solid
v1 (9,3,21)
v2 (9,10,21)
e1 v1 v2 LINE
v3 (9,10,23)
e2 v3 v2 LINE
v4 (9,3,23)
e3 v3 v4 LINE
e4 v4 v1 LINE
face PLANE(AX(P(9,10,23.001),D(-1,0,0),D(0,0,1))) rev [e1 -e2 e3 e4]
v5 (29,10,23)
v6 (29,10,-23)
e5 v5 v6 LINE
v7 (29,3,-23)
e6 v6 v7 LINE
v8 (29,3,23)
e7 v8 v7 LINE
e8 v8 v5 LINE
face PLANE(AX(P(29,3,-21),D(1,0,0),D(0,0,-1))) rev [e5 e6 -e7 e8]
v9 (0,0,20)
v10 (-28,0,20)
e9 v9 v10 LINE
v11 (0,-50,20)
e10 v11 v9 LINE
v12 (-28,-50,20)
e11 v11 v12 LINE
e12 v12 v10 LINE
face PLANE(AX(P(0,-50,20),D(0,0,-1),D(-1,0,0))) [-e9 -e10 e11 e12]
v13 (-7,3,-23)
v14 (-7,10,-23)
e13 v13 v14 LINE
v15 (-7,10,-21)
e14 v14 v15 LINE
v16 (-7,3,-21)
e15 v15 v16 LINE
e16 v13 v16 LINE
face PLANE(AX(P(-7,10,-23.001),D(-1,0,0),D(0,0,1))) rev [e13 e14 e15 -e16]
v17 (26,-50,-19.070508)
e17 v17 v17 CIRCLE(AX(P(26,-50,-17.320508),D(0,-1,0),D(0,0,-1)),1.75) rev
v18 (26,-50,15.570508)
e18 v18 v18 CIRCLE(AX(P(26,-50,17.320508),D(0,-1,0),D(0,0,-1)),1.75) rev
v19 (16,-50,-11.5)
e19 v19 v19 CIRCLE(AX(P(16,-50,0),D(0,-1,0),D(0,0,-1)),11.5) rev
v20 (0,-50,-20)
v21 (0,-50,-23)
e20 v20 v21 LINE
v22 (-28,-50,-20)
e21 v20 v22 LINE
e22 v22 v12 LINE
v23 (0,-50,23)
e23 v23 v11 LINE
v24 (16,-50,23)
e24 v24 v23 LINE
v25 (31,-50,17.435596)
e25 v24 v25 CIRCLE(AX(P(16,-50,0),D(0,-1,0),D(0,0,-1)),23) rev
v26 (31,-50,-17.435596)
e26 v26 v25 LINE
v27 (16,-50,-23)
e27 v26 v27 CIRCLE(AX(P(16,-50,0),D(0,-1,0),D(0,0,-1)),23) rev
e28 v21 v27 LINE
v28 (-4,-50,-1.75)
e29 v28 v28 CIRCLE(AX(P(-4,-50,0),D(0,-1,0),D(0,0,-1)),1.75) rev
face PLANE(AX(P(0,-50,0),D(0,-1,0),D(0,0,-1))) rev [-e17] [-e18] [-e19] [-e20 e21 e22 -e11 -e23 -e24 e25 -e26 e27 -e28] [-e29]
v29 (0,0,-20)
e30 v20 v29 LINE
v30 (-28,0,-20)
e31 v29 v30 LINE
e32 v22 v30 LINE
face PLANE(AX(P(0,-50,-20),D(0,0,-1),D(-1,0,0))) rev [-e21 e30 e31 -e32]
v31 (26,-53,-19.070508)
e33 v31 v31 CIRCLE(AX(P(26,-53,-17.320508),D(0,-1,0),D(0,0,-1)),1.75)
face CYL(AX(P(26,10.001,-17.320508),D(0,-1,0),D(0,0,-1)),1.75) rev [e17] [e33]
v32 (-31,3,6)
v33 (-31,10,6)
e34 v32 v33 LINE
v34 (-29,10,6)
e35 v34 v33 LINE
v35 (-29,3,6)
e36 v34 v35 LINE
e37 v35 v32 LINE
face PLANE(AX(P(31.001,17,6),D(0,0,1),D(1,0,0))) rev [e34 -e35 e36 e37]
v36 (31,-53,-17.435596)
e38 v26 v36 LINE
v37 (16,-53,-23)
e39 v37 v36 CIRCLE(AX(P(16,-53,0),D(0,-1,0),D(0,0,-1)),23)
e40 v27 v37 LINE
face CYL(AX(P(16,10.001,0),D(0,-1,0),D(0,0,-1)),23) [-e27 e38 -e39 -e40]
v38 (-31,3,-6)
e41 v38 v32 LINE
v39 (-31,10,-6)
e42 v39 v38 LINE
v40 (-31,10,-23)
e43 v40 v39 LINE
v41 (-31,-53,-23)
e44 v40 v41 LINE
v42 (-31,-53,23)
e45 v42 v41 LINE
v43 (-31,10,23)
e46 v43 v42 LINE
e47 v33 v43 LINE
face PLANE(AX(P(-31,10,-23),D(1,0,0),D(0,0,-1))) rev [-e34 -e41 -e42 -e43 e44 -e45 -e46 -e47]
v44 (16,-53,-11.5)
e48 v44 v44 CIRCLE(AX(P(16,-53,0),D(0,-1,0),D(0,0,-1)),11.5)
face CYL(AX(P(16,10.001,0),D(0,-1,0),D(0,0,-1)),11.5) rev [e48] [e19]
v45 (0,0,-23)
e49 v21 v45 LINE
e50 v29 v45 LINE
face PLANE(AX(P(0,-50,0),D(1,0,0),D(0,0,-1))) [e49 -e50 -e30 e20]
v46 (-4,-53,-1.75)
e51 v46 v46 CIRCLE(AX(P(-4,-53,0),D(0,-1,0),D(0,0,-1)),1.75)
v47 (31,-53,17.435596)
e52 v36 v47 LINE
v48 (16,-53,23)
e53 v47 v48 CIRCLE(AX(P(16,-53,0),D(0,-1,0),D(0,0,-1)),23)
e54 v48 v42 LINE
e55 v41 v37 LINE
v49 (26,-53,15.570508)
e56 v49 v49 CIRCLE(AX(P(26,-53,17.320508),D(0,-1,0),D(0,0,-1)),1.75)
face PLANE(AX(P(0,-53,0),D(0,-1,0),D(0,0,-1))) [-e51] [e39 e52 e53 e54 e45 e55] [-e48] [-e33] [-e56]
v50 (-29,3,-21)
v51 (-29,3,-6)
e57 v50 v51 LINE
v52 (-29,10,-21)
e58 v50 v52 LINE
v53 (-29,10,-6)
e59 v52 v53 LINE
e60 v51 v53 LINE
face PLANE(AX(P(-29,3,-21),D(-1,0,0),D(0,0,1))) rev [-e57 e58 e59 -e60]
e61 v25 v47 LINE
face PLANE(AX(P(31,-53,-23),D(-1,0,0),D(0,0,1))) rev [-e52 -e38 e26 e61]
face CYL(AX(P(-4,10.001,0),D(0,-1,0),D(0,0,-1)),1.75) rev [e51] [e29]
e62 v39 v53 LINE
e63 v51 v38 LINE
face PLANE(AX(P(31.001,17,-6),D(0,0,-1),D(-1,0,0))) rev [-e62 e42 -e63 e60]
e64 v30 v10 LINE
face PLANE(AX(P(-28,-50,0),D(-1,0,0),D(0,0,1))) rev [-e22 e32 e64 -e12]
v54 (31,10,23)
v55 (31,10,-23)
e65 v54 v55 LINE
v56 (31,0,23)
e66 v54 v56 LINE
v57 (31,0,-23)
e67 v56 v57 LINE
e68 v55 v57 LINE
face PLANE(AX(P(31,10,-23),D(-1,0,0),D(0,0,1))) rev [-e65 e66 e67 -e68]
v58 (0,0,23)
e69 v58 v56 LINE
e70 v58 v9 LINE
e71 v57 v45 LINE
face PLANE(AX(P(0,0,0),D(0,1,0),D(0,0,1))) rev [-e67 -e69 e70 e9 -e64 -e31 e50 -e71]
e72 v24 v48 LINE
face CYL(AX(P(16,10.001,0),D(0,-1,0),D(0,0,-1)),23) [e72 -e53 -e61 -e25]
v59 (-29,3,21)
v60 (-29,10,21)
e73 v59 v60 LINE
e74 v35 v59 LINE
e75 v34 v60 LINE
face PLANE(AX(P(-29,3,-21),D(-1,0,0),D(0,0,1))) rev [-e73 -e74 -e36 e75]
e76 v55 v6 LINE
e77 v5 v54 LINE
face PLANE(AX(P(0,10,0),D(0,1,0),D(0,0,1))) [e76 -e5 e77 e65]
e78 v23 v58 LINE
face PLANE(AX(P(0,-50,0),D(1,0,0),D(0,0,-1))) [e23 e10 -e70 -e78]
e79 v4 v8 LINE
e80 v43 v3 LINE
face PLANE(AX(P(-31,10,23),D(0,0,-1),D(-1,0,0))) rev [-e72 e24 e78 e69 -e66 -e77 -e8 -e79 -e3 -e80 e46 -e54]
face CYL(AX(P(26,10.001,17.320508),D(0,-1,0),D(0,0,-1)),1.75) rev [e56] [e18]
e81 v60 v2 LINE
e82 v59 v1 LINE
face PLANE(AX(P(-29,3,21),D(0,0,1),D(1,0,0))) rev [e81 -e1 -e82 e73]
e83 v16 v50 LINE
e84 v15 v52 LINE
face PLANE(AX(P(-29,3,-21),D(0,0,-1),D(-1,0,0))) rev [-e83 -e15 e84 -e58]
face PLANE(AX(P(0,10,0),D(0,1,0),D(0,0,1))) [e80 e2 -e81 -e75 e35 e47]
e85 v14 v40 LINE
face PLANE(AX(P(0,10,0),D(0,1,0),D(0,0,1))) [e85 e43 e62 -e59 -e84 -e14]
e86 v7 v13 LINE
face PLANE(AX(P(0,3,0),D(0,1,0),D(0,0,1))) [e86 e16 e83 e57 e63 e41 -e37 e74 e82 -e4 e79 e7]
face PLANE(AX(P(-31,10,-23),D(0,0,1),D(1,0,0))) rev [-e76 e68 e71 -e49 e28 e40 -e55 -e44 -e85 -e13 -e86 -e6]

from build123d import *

# Parameters (mm, degrees)
SKETCH_1_W          = 62
SKETCH_1_H          = 46
EXTRUDE_1_DEPTH     = 10
SKETCH_2_W          = 58
SKETCH_2_H          = 42
CUT_EXTRUDE_1_DEPTH = 7
CUT_EXTRUDE_2_REACH = 68.88
SKETCH_3_W          = 12
SKETCH_3_H          = 14
CUT_EXTRUDE_3_REACH = 56.745
SKETCH_5_W          = 36
SKETCH_5_H          = 7
CUT_EXTRUDE_4_REACH = 56.745
SKETCH_6_W          = 20
SKETCH_6_H          = 7
EXTRUDE_2_DEPTH     = 50
SKETCH_9_W          = 62
SKETCH_9_H          = 46
EXTRUDE_3_DEPTH     = 3
CUT_EXTRUDE_5_REACH = 75.885
SKETCH_10_R         = 1.75


with BuildPart() as part:
    # 草图1 → 凸台-拉伸1 (new body)
    with BuildSketch(Plane(origin=(0, 0, 0), x_dir=(1, 0, 0), z_dir=(0, 1, 0))):
        Rectangle(SKETCH_1_W, SKETCH_1_H)
    extrude(amount=EXTRUDE_1_DEPTH)

    # 草图2 → 切除-拉伸1 (cut)
    with BuildSketch(Plane(origin=(0, 10, 0), x_dir=(1, 0, 0), z_dir=(0, 1, 0))):
        Rectangle(SKETCH_2_W, SKETCH_2_H)
    extrude(amount=-CUT_EXTRUDE_1_DEPTH, mode=Mode.SUBTRACT)

    # 草图3 → 切除-拉伸2 (cut, up to next)
    with BuildSketch(Plane.ZY.offset(31), mode=Mode.PRIVATE) as cut_extrude_2_sk1:
        with Locations((0, 10)):
            Rectangle(SKETCH_3_W, SKETCH_3_H)
    cut_extrude_2_tool1 = extrude(cut_extrude_2_sk1.sketch, amount=-CUT_EXTRUDE_2_REACH, mode=Mode.PRIVATE) & part.part
    add(cut_extrude_2_tool1.solids().sort_by_distance((-31, 10, 0))[0], mode=Mode.SUBTRACT)

    # 草图5 → 切除-拉伸3 (cut, up to next)
    with BuildSketch(Plane.XY.offset(-21), mode=Mode.PRIVATE) as cut_extrude_3_sk1:
        with Locations((11, 6.5)):
            Rectangle(SKETCH_5_W, SKETCH_5_H)
    cut_extrude_3_tool1 = extrude(cut_extrude_3_sk1.sketch, amount=-CUT_EXTRUDE_3_REACH, mode=Mode.PRIVATE) & part.part
    add(cut_extrude_3_tool1.solids().sort_by_distance((11, 6.5, -21))[0], mode=Mode.SUBTRACT)

    # 草图6 → 切除-拉伸4 (cut, up to next)
    with BuildSketch(Plane(origin=(0, 0, 21), x_dir=(-1, 0, 0), z_dir=(0, 0, -1)), mode=Mode.PRIVATE) as cut_extrude_4_sk1:
        with Locations((-19, 6.5)):
            Rectangle(SKETCH_6_W, SKETCH_6_H)
    cut_extrude_4_tool1 = extrude(cut_extrude_4_sk1.sketch, amount=-CUT_EXTRUDE_4_REACH, mode=Mode.PRIVATE) & part.part
    add(cut_extrude_4_tool1.solids().sort_by_distance((19, 6.5, 21))[0], mode=Mode.SUBTRACT)

    # 草图8 → 凸台-拉伸2 (add)
    with BuildSketch(Plane.XZ):
        Polygon((0, -23), (0, -20), (-28, -20), (-28, 20), (0, 20), (0, 23), (-31, 23), (-31, -23), align=None)
    extrude(amount=EXTRUDE_2_DEPTH)

    # 草图9 → 凸台-拉伸3 (add)
    with BuildSketch(Plane.XZ.offset(50)):
        Rectangle(SKETCH_9_W, SKETCH_9_H)
    extrude(amount=EXTRUDE_3_DEPTH)

    # 草图10 → 切除-拉伸5 (cut, up to next)
    with BuildSketch(Plane.XZ.offset(53), mode=Mode.PRIVATE) as cut_extrude_5_sk1:
        with BuildLine():
            Line((31, 17.435595774), (31, 23))
            Line((31, 23), (16, 23))
            ThreePointArc((16, 23), (23.999415516, 21.564075482), (31, 17.435595774))
        make_face()
    cut_extrude_5_tool1 = extrude(cut_extrude_5_sk1.sketch, amount=-CUT_EXTRUDE_5_REACH, mode=Mode.PRIVATE) & part.part
    # 草图10 → 切除-拉伸5 (cut, up to next)
    with BuildSketch(Plane.XZ.offset(53), mode=Mode.PRIVATE) as cut_extrude_5_sk2:
        with BuildLine():
            ThreePointArc((31, -17.435595774), (23.999415516, -21.564075482), (16, -23))
            Line((16, -23), (31, -23))
            Line((31, -23), (31, -17.435595774))
        make_face()
    cut_extrude_5_tool2 = extrude(cut_extrude_5_sk2.sketch, amount=-CUT_EXTRUDE_5_REACH, mode=Mode.PRIVATE) & part.part
    # 草图10 → 切除-拉伸5 (cut, up to next)
    with BuildSketch(Plane.XZ.offset(53), mode=Mode.PRIVATE) as cut_extrude_5_sk3:
        with Locations(Location((26, -17.320508076, 0), (0, 0, 270))):
            Circle(SKETCH_10_R)
    cut_extrude_5_tool3 = extrude(cut_extrude_5_sk3.sketch, amount=-CUT_EXTRUDE_5_REACH, mode=Mode.PRIVATE) & part.part
    # 草图10 → 切除-拉伸5 (cut, up to next)
    with BuildSketch(Plane.XZ.offset(53), mode=Mode.PRIVATE) as cut_extrude_5_sk4:
        with Locations(Location((26, 17.320508076, 0), (0, 0, 270))):
            Circle(SKETCH_10_R)
    cut_extrude_5_tool4 = extrude(cut_extrude_5_sk4.sketch, amount=-CUT_EXTRUDE_5_REACH, mode=Mode.PRIVATE) & part.part
    # 草图10 → 切除-拉伸5 (cut, up to next)
    with BuildSketch(Plane.XZ.offset(53), mode=Mode.PRIVATE) as cut_extrude_5_sk5:
        with BuildLine():
            ThreePointArc((27.5, 0), (24.131727984, 8.131727984), (16, 11.5))
            Line((16, 11.5), (16, -11.5))
            ThreePointArc((16, -11.5), (24.131727984, -8.131727984), (27.5, 0))
        make_face()
    cut_extrude_5_tool5 = extrude(cut_extrude_5_sk5.sketch, amount=-CUT_EXTRUDE_5_REACH, mode=Mode.PRIVATE) & part.part
    # 草图10 → 切除-拉伸5 (cut, up to next)
    with BuildSketch(Plane.XZ.offset(53), mode=Mode.PRIVATE) as cut_extrude_5_sk6:
        with BuildLine():
            Line((16, -11.5), (16, 11.5))
            ThreePointArc((16, 11.5), (4.5, 0), (16, -11.5))
        make_face()
    cut_extrude_5_tool6 = extrude(cut_extrude_5_sk6.sketch, amount=-CUT_EXTRUDE_5_REACH, mode=Mode.PRIVATE) & part.part
    # 草图10 → 切除-拉伸5 (cut, up to next)
    with BuildSketch(Plane.XZ.offset(53), mode=Mode.PRIVATE) as cut_extrude_5_sk7:
        with BuildLine():
            ThreePointArc((27.5, 0), (24.131727984, 8.131727984), (16, 11.5))
            Line((16, 11.5), (16, -11.5))
            ThreePointArc((16, -11.5), (24.131727984, -8.131727984), (27.5, 0))
        make_face()
    cut_extrude_5_tool7 = extrude(cut_extrude_5_sk7.sketch, amount=-CUT_EXTRUDE_5_REACH, mode=Mode.PRIVATE) & part.part
    # 草图10 → 切除-拉伸5 (cut, up to next)
    with BuildSketch(Plane.XZ.offset(53), mode=Mode.PRIVATE) as cut_extrude_5_sk8:
        with BuildLine():
            Line((16, -11.5), (16, 11.5))
            ThreePointArc((16, 11.5), (4.5, 0), (16, -11.5))
        make_face()
    cut_extrude_5_tool8 = extrude(cut_extrude_5_sk8.sketch, amount=-CUT_EXTRUDE_5_REACH, mode=Mode.PRIVATE) & part.part
    # 草图10 → 切除-拉伸5 (cut, up to next)
    with BuildSketch(Plane.XZ.offset(53), mode=Mode.PRIVATE) as cut_extrude_5_sk9:
        with Locations(Location((-4, 0, 0), (0, 0, 270))):
            Circle(SKETCH_10_R)
    cut_extrude_5_tool9 = extrude(cut_extrude_5_sk9.sketch, amount=-CUT_EXTRUDE_5_REACH, mode=Mode.PRIVATE) & part.part
    add(cut_extrude_5_tool1.solids().sort_by_distance((27.346788, -53, 21.372088))[0], mode=Mode.SUBTRACT)
    add(cut_extrude_5_tool2.solids().sort_by_distance((27.346788, -53, -21.372088))[0], mode=Mode.SUBTRACT)
    add(cut_extrude_5_tool3.solids().sort_by_distance((26, -53, -17.320508))[0], mode=Mode.SUBTRACT)
    add(cut_extrude_5_tool4.solids().sort_by_distance((26, -53, 17.320508))[0], mode=Mode.SUBTRACT)
    add(cut_extrude_5_tool5.solids().sort_by_distance((20.880752, -53, 0))[0], mode=Mode.SUBTRACT)
    add(cut_extrude_5_tool6.solids().sort_by_distance((11.119248, -53, 0))[0], mode=Mode.SUBTRACT)
    add(cut_extrude_5_tool7.solids().sort_by_distance((20.880752, -53, 0))[0], mode=Mode.SUBTRACT)
    add(cut_extrude_5_tool8.solids().sort_by_distance((11.119248, -53, 0))[0], mode=Mode.SUBTRACT)
    add(cut_extrude_5_tool9.solids().sort_by_distance((-4, -53, 0))[0], mode=Mode.SUBTRACT)


solid = part.part
